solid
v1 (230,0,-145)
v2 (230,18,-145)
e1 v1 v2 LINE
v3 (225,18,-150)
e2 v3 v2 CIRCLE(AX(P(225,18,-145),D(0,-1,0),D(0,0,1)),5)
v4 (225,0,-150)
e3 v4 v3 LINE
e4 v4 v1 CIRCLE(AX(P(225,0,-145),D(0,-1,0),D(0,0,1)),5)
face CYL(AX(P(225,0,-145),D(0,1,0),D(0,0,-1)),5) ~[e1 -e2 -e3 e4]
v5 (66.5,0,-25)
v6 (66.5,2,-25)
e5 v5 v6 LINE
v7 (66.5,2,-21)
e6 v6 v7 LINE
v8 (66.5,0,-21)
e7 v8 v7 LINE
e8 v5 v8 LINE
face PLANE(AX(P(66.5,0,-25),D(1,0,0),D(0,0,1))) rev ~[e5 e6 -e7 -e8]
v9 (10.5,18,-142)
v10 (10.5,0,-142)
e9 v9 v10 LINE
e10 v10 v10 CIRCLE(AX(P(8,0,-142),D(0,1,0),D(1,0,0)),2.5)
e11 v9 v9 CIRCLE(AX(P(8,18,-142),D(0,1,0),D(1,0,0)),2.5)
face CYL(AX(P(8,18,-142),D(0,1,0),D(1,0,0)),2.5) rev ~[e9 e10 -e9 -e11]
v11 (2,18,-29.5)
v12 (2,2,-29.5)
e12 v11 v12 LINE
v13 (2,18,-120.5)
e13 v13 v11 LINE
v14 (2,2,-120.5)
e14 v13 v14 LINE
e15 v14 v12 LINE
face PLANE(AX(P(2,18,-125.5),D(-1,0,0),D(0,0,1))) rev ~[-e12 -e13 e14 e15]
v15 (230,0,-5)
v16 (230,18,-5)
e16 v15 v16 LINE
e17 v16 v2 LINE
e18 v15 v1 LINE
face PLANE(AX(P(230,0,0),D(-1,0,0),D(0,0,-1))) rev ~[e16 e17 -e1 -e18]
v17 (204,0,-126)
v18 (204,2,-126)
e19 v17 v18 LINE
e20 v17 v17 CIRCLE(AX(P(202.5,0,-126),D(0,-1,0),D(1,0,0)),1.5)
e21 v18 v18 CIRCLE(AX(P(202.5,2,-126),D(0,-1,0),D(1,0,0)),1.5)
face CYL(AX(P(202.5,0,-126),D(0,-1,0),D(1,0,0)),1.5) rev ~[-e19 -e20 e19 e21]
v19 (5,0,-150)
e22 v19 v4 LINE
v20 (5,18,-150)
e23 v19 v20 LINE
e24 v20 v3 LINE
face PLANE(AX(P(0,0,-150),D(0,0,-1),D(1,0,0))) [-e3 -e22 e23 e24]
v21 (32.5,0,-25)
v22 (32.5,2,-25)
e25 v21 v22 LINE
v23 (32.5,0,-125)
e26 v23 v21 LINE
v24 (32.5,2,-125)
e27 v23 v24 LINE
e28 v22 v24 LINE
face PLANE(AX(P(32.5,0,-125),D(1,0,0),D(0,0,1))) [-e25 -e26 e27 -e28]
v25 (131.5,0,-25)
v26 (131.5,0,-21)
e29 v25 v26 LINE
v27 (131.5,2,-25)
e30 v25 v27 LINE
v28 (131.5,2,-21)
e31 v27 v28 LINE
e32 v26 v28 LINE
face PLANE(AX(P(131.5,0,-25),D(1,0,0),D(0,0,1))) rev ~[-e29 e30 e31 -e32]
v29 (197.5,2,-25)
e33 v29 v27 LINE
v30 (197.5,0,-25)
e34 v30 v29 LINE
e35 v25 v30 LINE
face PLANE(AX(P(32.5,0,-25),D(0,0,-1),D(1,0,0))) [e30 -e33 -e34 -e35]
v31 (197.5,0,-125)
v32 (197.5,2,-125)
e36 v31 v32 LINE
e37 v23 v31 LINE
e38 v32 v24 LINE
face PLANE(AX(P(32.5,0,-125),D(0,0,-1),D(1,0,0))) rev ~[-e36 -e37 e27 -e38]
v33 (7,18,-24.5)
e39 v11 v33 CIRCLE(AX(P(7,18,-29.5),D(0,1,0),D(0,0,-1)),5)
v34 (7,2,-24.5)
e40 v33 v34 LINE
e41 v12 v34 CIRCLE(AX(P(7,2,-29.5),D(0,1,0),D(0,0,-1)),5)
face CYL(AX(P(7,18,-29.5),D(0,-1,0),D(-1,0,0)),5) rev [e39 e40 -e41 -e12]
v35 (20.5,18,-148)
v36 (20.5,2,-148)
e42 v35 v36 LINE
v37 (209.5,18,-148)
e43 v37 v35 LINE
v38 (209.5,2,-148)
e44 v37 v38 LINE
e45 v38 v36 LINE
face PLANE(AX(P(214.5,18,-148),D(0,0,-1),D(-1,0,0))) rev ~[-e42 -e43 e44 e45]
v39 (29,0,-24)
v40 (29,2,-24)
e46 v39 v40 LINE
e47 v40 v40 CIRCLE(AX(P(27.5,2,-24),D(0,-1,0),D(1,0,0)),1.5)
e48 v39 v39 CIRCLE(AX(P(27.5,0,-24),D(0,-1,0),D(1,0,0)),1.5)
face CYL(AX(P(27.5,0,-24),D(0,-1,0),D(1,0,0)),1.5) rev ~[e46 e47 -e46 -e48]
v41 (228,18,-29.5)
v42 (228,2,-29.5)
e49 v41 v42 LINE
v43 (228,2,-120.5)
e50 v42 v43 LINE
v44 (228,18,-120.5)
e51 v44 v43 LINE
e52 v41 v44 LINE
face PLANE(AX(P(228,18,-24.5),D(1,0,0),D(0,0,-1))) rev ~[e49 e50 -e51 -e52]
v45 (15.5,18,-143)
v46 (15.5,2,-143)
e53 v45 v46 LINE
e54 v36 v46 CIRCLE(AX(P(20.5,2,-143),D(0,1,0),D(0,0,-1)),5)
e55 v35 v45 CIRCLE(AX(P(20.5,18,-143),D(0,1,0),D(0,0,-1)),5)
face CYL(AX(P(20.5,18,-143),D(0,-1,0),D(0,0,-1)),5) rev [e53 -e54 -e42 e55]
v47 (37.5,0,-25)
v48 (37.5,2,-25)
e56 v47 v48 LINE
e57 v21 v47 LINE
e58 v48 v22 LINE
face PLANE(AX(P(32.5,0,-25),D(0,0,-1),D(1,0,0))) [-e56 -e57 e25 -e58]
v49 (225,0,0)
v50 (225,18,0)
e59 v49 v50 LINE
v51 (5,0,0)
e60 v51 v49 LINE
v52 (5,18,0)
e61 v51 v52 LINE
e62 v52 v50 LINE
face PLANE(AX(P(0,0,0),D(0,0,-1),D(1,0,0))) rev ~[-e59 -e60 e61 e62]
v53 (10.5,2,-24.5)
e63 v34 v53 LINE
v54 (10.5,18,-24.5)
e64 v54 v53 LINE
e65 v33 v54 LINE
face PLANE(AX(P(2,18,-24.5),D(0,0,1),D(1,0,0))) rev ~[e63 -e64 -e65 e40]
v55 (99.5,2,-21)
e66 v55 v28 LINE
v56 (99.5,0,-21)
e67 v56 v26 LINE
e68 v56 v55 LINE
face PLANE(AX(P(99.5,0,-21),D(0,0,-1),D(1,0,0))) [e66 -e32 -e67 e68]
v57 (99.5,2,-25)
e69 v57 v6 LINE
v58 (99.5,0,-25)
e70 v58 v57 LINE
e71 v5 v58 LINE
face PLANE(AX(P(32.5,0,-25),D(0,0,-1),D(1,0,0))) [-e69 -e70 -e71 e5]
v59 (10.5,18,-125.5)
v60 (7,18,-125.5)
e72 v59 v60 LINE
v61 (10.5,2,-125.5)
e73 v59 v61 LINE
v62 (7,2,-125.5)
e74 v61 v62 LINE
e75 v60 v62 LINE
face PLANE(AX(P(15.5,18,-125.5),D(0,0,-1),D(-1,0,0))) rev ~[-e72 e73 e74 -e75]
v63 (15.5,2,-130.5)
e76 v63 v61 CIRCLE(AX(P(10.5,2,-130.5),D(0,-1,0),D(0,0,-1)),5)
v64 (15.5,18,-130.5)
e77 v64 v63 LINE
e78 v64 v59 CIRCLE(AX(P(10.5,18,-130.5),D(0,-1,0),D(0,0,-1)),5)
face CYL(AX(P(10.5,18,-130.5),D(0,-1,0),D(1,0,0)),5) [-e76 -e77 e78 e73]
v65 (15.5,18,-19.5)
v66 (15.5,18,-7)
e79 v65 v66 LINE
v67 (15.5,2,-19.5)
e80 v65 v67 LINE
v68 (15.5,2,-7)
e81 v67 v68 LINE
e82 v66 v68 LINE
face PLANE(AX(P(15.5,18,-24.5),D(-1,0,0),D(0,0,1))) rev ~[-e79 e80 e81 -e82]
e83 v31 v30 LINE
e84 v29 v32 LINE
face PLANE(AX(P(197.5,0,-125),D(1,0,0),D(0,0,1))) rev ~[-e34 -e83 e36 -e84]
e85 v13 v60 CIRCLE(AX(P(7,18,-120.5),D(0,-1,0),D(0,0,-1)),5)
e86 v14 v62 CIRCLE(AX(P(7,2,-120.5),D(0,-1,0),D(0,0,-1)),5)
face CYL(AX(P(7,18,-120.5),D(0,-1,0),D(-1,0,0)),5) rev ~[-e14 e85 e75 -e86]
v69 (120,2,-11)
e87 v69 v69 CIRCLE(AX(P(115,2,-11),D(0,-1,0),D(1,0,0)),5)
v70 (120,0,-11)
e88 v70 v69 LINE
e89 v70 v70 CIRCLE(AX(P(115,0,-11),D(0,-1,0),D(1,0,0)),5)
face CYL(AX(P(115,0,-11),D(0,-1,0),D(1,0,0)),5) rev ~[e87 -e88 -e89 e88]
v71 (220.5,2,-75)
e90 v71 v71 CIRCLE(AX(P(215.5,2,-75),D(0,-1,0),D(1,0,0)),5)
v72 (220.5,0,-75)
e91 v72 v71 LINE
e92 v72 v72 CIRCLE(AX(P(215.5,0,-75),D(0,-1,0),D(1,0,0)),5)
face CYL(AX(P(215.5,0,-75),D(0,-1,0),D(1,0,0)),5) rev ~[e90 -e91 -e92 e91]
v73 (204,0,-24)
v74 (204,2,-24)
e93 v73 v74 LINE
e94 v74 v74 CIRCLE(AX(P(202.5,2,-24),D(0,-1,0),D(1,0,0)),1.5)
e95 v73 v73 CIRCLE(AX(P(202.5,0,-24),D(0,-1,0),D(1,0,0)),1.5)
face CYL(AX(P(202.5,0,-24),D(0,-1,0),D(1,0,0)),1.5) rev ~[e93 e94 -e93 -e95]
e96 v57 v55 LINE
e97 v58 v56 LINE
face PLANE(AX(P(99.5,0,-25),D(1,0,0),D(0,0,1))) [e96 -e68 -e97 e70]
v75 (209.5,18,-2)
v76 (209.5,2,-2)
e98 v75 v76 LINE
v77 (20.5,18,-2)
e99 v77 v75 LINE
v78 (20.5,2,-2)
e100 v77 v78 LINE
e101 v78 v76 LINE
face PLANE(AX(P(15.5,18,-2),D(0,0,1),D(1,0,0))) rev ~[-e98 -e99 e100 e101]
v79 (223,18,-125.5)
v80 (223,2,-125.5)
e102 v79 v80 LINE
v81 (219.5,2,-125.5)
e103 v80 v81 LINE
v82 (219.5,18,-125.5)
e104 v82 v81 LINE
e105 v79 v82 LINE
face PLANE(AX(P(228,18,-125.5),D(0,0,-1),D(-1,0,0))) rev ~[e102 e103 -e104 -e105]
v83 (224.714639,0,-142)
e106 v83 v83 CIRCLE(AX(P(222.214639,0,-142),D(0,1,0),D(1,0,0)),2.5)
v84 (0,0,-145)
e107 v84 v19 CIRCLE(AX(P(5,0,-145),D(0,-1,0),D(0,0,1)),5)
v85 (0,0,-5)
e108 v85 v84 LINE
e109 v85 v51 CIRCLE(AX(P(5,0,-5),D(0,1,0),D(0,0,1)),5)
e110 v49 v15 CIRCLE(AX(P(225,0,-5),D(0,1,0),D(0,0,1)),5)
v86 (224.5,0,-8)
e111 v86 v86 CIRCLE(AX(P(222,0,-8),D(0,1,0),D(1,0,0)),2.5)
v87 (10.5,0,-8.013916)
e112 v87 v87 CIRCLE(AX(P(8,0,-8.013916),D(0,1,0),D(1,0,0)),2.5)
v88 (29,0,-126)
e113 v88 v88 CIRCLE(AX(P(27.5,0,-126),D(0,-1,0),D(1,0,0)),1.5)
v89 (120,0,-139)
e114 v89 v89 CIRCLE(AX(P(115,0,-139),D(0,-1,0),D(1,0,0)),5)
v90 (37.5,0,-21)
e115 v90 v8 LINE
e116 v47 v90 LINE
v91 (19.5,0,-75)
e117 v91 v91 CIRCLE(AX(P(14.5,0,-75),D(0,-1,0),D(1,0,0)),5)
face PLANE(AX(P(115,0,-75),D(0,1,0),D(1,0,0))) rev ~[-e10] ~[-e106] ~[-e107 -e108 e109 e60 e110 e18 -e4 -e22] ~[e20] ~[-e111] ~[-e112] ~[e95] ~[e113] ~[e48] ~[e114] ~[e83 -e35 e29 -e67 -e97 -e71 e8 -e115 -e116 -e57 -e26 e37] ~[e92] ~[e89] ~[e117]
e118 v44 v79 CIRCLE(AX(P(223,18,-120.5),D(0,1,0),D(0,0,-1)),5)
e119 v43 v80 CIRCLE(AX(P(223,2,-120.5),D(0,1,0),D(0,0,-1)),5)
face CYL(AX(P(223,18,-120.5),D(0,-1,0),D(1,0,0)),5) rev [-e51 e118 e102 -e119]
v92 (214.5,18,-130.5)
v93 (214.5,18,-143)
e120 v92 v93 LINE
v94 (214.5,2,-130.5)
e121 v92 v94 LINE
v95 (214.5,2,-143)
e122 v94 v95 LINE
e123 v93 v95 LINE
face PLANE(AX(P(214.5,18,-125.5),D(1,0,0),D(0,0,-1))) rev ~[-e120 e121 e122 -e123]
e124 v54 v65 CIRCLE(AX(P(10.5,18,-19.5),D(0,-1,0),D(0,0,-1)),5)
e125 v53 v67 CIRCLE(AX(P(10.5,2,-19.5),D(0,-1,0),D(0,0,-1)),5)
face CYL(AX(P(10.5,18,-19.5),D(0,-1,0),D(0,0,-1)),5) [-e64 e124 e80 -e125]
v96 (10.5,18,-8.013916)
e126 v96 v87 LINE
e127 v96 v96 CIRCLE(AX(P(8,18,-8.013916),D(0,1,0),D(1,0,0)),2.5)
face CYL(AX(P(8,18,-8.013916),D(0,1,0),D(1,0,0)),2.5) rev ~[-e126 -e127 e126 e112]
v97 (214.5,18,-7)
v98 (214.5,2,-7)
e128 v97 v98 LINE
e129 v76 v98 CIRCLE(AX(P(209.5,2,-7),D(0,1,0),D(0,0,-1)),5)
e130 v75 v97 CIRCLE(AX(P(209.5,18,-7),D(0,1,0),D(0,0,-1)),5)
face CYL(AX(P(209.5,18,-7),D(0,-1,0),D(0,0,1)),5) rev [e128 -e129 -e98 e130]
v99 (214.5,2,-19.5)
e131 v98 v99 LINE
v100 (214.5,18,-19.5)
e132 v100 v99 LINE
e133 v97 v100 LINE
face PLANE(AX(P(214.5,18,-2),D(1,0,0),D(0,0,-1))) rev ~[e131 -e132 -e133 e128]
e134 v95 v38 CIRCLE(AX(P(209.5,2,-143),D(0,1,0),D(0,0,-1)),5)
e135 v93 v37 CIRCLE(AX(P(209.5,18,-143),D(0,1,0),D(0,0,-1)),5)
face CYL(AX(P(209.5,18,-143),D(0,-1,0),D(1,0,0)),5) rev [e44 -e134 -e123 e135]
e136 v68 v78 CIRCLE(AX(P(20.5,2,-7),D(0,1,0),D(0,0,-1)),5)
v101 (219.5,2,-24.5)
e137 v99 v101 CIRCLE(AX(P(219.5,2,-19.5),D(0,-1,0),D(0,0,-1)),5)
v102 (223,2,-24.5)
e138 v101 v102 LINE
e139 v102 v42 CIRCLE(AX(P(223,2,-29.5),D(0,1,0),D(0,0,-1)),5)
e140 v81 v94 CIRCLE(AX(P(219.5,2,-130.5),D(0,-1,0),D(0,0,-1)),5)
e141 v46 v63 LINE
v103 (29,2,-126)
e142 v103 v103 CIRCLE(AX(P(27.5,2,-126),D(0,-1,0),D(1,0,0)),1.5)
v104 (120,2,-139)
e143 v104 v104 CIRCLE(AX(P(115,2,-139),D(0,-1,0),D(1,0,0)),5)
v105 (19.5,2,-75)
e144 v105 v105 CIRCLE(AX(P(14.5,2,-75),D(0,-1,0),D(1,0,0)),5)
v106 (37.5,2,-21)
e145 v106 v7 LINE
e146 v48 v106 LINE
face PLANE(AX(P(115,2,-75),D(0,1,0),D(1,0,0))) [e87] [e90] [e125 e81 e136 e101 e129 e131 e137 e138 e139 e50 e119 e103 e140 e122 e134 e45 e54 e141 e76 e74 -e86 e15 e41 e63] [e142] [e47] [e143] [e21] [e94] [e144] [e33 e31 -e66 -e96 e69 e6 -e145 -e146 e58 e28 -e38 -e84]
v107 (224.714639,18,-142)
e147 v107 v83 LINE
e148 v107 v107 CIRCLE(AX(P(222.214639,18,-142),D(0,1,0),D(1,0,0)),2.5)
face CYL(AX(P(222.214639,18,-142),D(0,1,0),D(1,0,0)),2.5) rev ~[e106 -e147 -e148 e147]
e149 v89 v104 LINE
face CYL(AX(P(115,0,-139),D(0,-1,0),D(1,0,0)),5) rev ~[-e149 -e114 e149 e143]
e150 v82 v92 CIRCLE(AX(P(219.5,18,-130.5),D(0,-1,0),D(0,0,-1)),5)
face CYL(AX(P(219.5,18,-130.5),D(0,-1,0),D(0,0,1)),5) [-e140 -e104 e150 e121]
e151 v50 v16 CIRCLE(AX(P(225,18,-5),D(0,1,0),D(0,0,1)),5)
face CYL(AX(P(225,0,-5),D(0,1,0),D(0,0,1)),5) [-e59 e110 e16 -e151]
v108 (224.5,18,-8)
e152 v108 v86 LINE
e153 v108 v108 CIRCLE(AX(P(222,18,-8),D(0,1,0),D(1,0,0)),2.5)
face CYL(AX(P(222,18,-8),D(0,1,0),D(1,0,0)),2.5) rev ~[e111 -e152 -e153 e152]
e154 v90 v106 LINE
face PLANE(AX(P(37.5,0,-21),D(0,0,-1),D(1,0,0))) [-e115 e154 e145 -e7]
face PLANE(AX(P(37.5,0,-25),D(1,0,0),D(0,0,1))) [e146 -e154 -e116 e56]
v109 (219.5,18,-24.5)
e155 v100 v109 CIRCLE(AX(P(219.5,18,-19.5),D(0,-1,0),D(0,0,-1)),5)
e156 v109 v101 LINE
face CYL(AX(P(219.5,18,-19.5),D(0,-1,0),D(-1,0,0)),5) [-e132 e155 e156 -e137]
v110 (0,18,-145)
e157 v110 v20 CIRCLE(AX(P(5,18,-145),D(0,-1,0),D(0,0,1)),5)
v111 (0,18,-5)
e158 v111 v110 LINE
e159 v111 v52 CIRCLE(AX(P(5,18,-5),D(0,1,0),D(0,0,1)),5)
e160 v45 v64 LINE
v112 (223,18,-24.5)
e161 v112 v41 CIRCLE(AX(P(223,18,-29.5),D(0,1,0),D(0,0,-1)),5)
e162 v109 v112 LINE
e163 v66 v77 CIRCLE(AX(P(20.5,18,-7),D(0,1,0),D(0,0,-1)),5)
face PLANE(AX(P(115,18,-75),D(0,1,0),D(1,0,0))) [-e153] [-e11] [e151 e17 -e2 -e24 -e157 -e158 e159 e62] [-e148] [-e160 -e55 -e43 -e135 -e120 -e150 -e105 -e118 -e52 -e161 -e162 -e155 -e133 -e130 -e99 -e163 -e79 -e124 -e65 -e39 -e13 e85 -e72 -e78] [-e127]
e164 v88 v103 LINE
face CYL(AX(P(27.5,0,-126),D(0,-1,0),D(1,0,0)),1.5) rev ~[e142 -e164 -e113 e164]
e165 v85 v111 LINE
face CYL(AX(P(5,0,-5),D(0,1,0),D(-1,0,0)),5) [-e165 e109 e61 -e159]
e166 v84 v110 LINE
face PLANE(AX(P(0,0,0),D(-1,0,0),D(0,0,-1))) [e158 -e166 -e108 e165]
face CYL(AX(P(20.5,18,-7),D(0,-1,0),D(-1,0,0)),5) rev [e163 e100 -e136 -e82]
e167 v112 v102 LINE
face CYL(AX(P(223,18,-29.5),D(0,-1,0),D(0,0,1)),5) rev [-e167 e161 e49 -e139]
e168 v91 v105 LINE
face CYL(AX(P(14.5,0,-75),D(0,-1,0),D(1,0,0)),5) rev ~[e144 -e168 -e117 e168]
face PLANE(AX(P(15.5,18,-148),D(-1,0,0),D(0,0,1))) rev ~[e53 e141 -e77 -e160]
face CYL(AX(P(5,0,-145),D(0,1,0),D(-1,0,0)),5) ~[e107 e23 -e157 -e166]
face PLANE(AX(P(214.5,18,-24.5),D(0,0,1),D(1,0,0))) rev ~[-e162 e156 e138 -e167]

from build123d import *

# Parameters (mm, degrees)
SKETCH_1_W                       = 230
SKETCH_1_H                       = 150
EXTRUDE_1_DEPTH                  = 18
CUT_EXTRUDE_2_DEPTH              = 16
FILLET_1_R                       = 5
SKETCH_3_R                       = 2.5
CUT_EXTRUDE_4_DEPTH              = 19
SKETCH_5_W                       = 165
SKETCH_5_H                       = 100
CUT_EXTRUDE_5_DEPTH              = 19
CUT_EXTRUDE_8_REACH              = 20
SKETCH_7_R                       = 1.5
CUT_EXTRUDE_9_REACH              = 20
SKETCH_8_R                       = 5
CUT_EXTRUDE_10_REACH             = 20
SKETCH_6_W                       = 29
SKETCH_6_H                       = 4
CUT_EXTRUDE_11_REACH             = 20
SKETCH_6_3_W                     = 32
SKETCH_6_3_H                     = 4
CUT_EXTRUDE_11_DIRECTION_2_DEPTH = 1


with BuildPart() as part:
    # 草图1 → 凸台-拉伸1 (new body)
    with BuildSketch(Plane(origin=(0, 0, 0), x_dir=(1, 0, 0), z_dir=(0, 1, 0))):
        with Locations((115, 75)):
            Rectangle(SKETCH_1_W, SKETCH_1_H)
    extrude(amount=EXTRUDE_1_DEPTH)

    # 草图2 → 切除-拉伸2 (cut)
    with BuildSketch(Plane(origin=(0, 18, 0), x_dir=(1, 0, 0), z_dir=(0, 1, 0))):
        Polygon((2, 125.5), (2, 24.5), (15.5, 24.5), (15.5, 2), (214.5, 2), (214.5, 24.5), (228, 24.5), (228, 125.5), (214.5, 125.5), (214.5, 148), (15.5, 148), (15.5, 125.5), align=None)
    extrude(amount=-CUT_EXTRUDE_2_DEPTH, mode=Mode.SUBTRACT)

    # 圆角1
    fillet_1_edges = [part.edges().sort_by_distance(p)[0] for p in [
        (2, 10, -125.5),
        (15.5, 10, -125.5),
        (15.5, 10, -148),
        (214.5, 10, -148),
        (214.5, 10, -125.5),
        (228, 10, -125.5),
        (228, 10, -24.5),
        (214.5, 10, -24.5),
        (214.5, 10, -2),
        (15.5, 10, -2),
        (15.5, 10, -24.5),
        (2, 10, -24.5),
        (0, 9, -150),
        (230, 9, -150),
        (230, 9, 0),
        (0, 9, 0),
    ]]
    fillet(fillet_1_edges, radius=FILLET_1_R)

    # 草图3 → 切除-拉伸4 (cut, through all)
    with BuildSketch(Plane(origin=(0, 18, 0), x_dir=(1, 0, 0), z_dir=(0, 1, 0))):
        with Locations((8, 142)):
            Circle(SKETCH_3_R)
        with Locations((222.21463853, 142)):
            Circle(SKETCH_3_R)
        with Locations((8, 8.013915663)):
            Circle(SKETCH_3_R)
        with Locations((222, 8)):
            Circle(SKETCH_3_R)
    extrude(amount=-CUT_EXTRUDE_4_DEPTH, mode=Mode.SUBTRACT)

    # 草图5 → 切除-拉伸5 (cut, through all)
    with BuildSketch(Plane.XZ):
        with Locations((115, -75)):
            Rectangle(SKETCH_5_W, SKETCH_5_H)
    extrude(amount=-CUT_EXTRUDE_5_DEPTH, mode=Mode.SUBTRACT)

    # 草图7 → 切除-拉伸8 (cut, up to next)
    with BuildSketch(Plane.XZ, mode=Mode.PRIVATE) as cut_extrude_8_sk1:
        with Locations((27.5, -24)):
            Circle(SKETCH_7_R)
    cut_extrude_8_tool1 = extrude(cut_extrude_8_sk1.sketch, amount=-CUT_EXTRUDE_8_REACH, mode=Mode.PRIVATE) & part.part
    add(cut_extrude_8_tool1.solids().sort_by_distance((27.5, 0, -24))[0], mode=Mode.SUBTRACT)
    # 草图7 → 切除-拉伸8 (cut, up to next)
    with BuildSketch(Plane.XZ, mode=Mode.PRIVATE) as cut_extrude_8_sk2:
        with Locations((202.5, -126)):
            Circle(SKETCH_7_R)
    cut_extrude_8_tool2 = extrude(cut_extrude_8_sk2.sketch, amount=-CUT_EXTRUDE_8_REACH, mode=Mode.PRIVATE) & part.part
    add(cut_extrude_8_tool2.solids().sort_by_distance((202.5, 0, -126))[0], mode=Mode.SUBTRACT)
    # 草图7 → 切除-拉伸8 (cut, up to next)
    with BuildSketch(Plane.XZ, mode=Mode.PRIVATE) as cut_extrude_8_sk3:
        with Locations((27.5, -126)):
            Circle(SKETCH_7_R)
    cut_extrude_8_tool3 = extrude(cut_extrude_8_sk3.sketch, amount=-CUT_EXTRUDE_8_REACH, mode=Mode.PRIVATE) & part.part
    add(cut_extrude_8_tool3.solids().sort_by_distance((27.5, 0, -126))[0], mode=Mode.SUBTRACT)
    # 草图7 → 切除-拉伸8 (cut, up to next)
    with BuildSketch(Plane.XZ, mode=Mode.PRIVATE) as cut_extrude_8_sk4:
        with Locations((202.5, -24)):
            Circle(SKETCH_7_R)
    cut_extrude_8_tool4 = extrude(cut_extrude_8_sk4.sketch, amount=-CUT_EXTRUDE_8_REACH, mode=Mode.PRIVATE) & part.part
    add(cut_extrude_8_tool4.solids().sort_by_distance((202.5, 0, -24))[0], mode=Mode.SUBTRACT)

    # 草图8 → 切除-拉伸9 (cut, up to next)
    with BuildSketch(Plane.XZ, mode=Mode.PRIVATE) as cut_extrude_9_sk1:
        with Locations((14.5, -75)):
            Circle(SKETCH_8_R)
    cut_extrude_9_tool1 = extrude(cut_extrude_9_sk1.sketch, amount=-CUT_EXTRUDE_9_REACH, mode=Mode.PRIVATE) & part.part
    add(cut_extrude_9_tool1.solids().sort_by_distance((14.5, 0, -75))[0], mode=Mode.SUBTRACT)
    # 草图8 → 切除-拉伸9 (cut, up to next)
    with BuildSketch(Plane.XZ, mode=Mode.PRIVATE) as cut_extrude_9_sk2:
        with Locations((115, -11)):
            Circle(SKETCH_8_R)
    cut_extrude_9_tool2 = extrude(cut_extrude_9_sk2.sketch, amount=-CUT_EXTRUDE_9_REACH, mode=Mode.PRIVATE) & part.part
    add(cut_extrude_9_tool2.solids().sort_by_distance((115, 0, -11))[0], mode=Mode.SUBTRACT)
    # 草图8 → 切除-拉伸9 (cut, up to next)
    with BuildSketch(Plane.XZ, mode=Mode.PRIVATE) as cut_extrude_9_sk3:
        with Locations((215.5, -75)):
            Circle(SKETCH_8_R)
    cut_extrude_9_tool3 = extrude(cut_extrude_9_sk3.sketch, amount=-CUT_EXTRUDE_9_REACH, mode=Mode.PRIVATE) & part.part
    add(cut_extrude_9_tool3.solids().sort_by_distance((215.5, 0, -75))[0], mode=Mode.SUBTRACT)
    # 草图8 → 切除-拉伸9 (cut, up to next)
    with BuildSketch(Plane.XZ, mode=Mode.PRIVATE) as cut_extrude_9_sk4:
        with Locations((115, -139)):
            Circle(SKETCH_8_R)
    cut_extrude_9_tool4 = extrude(cut_extrude_9_sk4.sketch, amount=-CUT_EXTRUDE_9_REACH, mode=Mode.PRIVATE) & part.part
    add(cut_extrude_9_tool4.solids().sort_by_distance((115, 0, -139))[0], mode=Mode.SUBTRACT)

    # 草图6 → 切除-拉伸10 (cut, up to next)
    with BuildSketch(Plane.XZ, mode=Mode.PRIVATE) as cut_extrude_10_sk1:
        with Locations((52, -23)):
            Rectangle(SKETCH_6_W, SKETCH_6_H)
    cut_extrude_10_tool1 = extrude(cut_extrude_10_sk1.sketch, amount=-CUT_EXTRUDE_10_REACH, mode=Mode.PRIVATE) & part.part
    add(cut_extrude_10_tool1.solids().sort_by_distance((52, 0, -23))[0], mode=Mode.SUBTRACT)

    # 草图6<3> → 切除-拉伸11 (cut, up to next)
    with BuildSketch(Plane.XZ, mode=Mode.PRIVATE) as cut_extrude_11_sk1:
        with Locations((115.5, -23)):
            Rectangle(SKETCH_6_3_W, SKETCH_6_3_H)
    cut_extrude_11_tool1 = extrude(cut_extrude_11_sk1.sketch, amount=-CUT_EXTRUDE_11_REACH, mode=Mode.PRIVATE) & part.part
    add(cut_extrude_11_tool1.solids().sort_by_distance((115.5, 0, -23))[0], mode=Mode.SUBTRACT)

    # 草图6<3> → 切除-拉伸11 direction 2 (cut)
    with BuildSketch(Plane.XZ):
        with Locations((115.5, -23)):
            Rectangle(SKETCH_6_3_W, SKETCH_6_3_H)
    extrude(amount=CUT_EXTRUDE_11_DIRECTION_2_DEPTH, mode=Mode.SUBTRACT)


solid = part.part
